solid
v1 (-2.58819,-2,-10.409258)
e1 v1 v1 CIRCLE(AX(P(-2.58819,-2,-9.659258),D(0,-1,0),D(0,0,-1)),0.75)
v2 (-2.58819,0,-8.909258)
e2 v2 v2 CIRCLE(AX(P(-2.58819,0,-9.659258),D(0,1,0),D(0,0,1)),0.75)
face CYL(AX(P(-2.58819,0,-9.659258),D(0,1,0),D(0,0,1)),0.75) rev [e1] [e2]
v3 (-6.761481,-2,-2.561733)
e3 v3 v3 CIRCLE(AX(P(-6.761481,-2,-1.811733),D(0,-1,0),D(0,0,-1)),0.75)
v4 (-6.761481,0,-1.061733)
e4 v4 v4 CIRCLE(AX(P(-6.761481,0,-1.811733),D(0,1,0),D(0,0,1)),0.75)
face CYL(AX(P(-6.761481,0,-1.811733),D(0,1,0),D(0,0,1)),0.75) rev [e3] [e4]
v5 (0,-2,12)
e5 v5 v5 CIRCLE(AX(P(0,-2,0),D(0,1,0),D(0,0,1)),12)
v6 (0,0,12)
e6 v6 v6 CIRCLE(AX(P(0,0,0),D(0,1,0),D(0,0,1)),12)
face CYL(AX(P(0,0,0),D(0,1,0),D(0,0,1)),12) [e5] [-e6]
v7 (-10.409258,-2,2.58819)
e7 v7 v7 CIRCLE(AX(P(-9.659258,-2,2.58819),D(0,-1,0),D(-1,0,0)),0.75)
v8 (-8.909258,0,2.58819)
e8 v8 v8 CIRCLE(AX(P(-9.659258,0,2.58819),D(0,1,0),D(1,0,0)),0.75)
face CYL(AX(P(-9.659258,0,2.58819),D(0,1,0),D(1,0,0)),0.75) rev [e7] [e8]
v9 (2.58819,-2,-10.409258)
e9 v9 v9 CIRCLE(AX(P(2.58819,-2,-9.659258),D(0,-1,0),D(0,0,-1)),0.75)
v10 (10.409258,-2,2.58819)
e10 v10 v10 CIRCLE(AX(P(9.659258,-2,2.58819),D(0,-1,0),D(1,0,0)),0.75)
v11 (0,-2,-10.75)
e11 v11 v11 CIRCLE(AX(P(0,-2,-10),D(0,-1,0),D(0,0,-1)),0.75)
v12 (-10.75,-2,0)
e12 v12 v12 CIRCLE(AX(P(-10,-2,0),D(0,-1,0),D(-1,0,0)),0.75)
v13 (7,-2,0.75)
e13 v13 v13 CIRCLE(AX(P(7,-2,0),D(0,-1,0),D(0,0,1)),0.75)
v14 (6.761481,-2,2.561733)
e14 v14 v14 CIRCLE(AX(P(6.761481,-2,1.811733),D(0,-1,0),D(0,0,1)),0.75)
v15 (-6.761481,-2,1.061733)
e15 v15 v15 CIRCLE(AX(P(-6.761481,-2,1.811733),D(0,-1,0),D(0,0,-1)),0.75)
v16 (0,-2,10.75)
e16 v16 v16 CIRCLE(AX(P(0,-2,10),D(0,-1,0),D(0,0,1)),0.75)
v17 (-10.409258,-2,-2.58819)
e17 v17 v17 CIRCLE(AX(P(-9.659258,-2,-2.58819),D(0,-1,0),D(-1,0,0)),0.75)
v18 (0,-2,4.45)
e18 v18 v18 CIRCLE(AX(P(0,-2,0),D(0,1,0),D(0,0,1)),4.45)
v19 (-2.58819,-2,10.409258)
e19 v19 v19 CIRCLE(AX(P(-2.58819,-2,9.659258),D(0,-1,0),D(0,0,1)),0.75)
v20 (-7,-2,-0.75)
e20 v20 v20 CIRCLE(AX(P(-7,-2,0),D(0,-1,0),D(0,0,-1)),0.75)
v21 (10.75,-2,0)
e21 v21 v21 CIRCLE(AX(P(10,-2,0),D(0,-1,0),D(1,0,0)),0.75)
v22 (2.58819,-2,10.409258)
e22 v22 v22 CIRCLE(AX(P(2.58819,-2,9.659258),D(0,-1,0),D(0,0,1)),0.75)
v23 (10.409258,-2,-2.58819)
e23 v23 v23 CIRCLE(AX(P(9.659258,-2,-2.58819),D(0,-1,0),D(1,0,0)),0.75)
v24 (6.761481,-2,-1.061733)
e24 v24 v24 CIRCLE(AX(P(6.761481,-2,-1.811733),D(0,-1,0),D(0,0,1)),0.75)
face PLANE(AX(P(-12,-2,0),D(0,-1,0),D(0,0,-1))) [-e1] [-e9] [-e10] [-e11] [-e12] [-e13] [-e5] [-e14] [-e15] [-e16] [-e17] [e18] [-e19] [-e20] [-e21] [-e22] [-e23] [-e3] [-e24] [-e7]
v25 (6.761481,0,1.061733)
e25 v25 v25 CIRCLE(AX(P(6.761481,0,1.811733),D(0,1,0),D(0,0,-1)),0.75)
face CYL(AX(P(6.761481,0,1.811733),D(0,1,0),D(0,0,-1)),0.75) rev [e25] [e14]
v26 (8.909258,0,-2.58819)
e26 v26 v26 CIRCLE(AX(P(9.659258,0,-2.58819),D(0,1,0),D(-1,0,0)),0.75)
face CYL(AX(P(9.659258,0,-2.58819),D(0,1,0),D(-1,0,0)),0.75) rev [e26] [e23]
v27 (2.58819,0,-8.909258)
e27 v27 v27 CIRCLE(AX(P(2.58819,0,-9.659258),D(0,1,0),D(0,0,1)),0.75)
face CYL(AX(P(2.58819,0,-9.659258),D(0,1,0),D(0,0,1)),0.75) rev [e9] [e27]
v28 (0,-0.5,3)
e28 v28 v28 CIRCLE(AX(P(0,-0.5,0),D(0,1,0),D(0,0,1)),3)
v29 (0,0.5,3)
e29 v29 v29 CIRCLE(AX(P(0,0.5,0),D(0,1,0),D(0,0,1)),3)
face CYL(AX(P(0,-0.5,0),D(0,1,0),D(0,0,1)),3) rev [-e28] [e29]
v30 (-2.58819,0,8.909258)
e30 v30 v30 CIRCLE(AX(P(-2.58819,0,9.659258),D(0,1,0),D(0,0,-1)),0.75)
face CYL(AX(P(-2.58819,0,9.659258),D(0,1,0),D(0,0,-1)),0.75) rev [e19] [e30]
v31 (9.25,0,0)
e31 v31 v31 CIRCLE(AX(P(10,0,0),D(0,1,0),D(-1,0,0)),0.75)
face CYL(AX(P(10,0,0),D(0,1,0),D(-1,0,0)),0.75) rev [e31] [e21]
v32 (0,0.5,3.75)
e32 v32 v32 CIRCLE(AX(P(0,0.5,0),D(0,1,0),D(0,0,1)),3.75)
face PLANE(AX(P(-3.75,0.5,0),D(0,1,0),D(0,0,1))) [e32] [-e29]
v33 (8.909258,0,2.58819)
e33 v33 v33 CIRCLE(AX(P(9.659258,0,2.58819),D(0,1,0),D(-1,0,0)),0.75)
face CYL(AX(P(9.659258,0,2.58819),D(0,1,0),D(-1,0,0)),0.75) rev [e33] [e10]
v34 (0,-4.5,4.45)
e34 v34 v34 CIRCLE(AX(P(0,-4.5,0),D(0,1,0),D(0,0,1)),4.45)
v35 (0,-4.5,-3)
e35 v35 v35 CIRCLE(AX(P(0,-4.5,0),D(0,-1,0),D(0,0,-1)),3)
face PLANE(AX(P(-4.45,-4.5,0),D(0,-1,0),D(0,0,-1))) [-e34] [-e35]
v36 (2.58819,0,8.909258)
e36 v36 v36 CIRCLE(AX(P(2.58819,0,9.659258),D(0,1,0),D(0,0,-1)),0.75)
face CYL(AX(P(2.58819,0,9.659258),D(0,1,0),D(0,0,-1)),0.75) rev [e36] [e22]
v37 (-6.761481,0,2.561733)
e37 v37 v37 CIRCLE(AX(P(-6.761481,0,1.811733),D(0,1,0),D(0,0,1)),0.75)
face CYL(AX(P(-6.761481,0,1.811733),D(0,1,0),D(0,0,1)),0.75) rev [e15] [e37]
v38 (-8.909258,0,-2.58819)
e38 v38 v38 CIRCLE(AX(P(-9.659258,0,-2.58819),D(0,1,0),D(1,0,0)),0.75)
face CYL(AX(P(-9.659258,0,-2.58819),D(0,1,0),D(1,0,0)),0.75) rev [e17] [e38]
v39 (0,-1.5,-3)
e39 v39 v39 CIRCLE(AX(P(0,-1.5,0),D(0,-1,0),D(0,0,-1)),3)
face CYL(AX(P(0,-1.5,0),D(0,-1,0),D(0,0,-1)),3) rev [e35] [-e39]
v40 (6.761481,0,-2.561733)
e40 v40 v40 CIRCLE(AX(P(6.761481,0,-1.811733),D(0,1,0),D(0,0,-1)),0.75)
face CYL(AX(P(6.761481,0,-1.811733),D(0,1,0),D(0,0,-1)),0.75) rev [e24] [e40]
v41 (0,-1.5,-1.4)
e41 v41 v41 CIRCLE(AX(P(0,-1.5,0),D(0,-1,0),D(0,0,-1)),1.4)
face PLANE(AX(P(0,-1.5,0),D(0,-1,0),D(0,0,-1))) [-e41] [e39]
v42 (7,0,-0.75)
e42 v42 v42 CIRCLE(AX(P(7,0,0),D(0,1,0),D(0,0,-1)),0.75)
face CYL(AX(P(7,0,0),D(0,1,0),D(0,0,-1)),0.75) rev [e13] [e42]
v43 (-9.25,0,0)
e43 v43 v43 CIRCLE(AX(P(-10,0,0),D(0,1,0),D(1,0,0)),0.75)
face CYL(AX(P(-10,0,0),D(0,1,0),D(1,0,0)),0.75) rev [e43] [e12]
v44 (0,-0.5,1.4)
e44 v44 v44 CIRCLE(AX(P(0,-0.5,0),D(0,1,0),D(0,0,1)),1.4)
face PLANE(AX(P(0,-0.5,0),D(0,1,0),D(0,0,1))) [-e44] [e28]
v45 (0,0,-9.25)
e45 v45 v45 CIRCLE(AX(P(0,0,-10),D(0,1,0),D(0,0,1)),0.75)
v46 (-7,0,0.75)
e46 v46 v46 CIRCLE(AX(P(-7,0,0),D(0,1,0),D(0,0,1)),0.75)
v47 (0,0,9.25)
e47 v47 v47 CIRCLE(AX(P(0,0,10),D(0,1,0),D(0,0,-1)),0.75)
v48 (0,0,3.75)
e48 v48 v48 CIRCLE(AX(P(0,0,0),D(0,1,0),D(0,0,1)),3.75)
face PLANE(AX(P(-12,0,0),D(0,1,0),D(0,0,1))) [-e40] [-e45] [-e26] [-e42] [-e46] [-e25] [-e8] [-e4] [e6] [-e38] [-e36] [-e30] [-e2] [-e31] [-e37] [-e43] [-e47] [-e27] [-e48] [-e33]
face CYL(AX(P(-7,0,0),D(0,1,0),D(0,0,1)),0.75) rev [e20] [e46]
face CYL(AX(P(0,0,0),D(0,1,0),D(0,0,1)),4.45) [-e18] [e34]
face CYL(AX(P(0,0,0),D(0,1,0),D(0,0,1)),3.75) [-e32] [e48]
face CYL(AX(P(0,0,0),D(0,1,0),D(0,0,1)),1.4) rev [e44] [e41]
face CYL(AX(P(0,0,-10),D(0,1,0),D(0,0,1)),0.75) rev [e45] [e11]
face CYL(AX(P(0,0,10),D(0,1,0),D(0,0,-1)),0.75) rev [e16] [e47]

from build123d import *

# Parameters (mm, degrees)
F_1_5_1_5_DIAMETER_HOLE1_D     = 1.5
F_1_5_1_5_DIAMETER_HOLE1_DEPTH = 2
CIRPATTERN1_COUNT              = 4
SKETCH4_R                      = 3
CUT_EXTRUDE1_DEPTH             = 1
SKETCH5_R                      = 3
CUT_EXTRUDE2_DEPTH             = 3
F_1_5_1_5_DIAMETER_HOLE2_D     = 1.5
F_1_5_1_5_DIAMETER_HOLE2_DEPTH = 2
CIRPATTERN2_COUNT              = 2


with BuildPart() as part:
    # Sketch1 → Revolve1 (revolve)
    with BuildSketch(Plane.XY):
        Polygon((-12, 0), (-3.75, 0), (-3.75, 0.5), (-1.4, 0.5), (-1.4, -4.5), (-4.45, -4.5), (-4.45, -2), (-12, -2), align=None)
    revolve(axis=Axis((0, 0, 0), (0, -1, 0)))

    # Ø1.5 (1.5) Diameter Hole1
    with Locations(Plane(origin=(0, 0, 0), x_dir=(-1, 0, 0), z_dir=(0, 1, 0))):
        with Locations((0, -10), (2.588190451, -9.659258263), (-2.588190451, -9.659258263)):
            f_1_5_1_5_diameter_hole1 = Hole(F_1_5_1_5_DIAMETER_HOLE1_D / 2, depth=F_1_5_1_5_DIAMETER_HOLE1_DEPTH)

    # CirPattern1: Ø1.5 (1.5) Diameter Hole1 ×4 about axis
    cirpattern1_axis = Axis((0, 0, 0), (0, 1, 0))
    for i in range(1, CIRPATTERN1_COUNT):
        add(f_1_5_1_5_diameter_hole1.rotate(cirpattern1_axis, i * 360 / CIRPATTERN1_COUNT), mode=Mode.SUBTRACT)

    # Sketch4 → Cut-Extrude1 (cut)
    with BuildSketch(Plane(origin=(0, 0.5, 0), x_dir=(-1, 0, 0), z_dir=(0, 1, 0))):
        Circle(SKETCH4_R)
    extrude(amount=-CUT_EXTRUDE1_DEPTH, mode=Mode.SUBTRACT)

    # Sketch5 → Cut-Extrude2 (cut)
    with BuildSketch(Plane.XZ.offset(4.5)):
        Circle(SKETCH5_R)
    extrude(amount=-CUT_EXTRUDE2_DEPTH, mode=Mode.SUBTRACT)

    # Ø1.5 (1.5) Diameter Hole2
    with Locations(Plane(origin=(0, 0, 0), x_dir=(-1, 0, 0), z_dir=(0, 1, 0))):
        with Locations((6.761480784, -1.811733316), (7, 0), (6.761480784, 1.811733316)):
            f_1_5_1_5_diameter_hole2 = Hole(F_1_5_1_5_DIAMETER_HOLE2_D / 2, depth=F_1_5_1_5_DIAMETER_HOLE2_DEPTH)

    # CirPattern2: Ø1.5 (1.5) Diameter Hole2 ×2 about axis
    cirpattern2_axis = Axis((0, 0, 0), (0, 1, 0))
    for i in range(1, CIRPATTERN2_COUNT):
        add(f_1_5_1_5_diameter_hole2.rotate(cirpattern2_axis, i * 360 / CIRPATTERN2_COUNT), mode=Mode.SUBTRACT)


solid = part.part
